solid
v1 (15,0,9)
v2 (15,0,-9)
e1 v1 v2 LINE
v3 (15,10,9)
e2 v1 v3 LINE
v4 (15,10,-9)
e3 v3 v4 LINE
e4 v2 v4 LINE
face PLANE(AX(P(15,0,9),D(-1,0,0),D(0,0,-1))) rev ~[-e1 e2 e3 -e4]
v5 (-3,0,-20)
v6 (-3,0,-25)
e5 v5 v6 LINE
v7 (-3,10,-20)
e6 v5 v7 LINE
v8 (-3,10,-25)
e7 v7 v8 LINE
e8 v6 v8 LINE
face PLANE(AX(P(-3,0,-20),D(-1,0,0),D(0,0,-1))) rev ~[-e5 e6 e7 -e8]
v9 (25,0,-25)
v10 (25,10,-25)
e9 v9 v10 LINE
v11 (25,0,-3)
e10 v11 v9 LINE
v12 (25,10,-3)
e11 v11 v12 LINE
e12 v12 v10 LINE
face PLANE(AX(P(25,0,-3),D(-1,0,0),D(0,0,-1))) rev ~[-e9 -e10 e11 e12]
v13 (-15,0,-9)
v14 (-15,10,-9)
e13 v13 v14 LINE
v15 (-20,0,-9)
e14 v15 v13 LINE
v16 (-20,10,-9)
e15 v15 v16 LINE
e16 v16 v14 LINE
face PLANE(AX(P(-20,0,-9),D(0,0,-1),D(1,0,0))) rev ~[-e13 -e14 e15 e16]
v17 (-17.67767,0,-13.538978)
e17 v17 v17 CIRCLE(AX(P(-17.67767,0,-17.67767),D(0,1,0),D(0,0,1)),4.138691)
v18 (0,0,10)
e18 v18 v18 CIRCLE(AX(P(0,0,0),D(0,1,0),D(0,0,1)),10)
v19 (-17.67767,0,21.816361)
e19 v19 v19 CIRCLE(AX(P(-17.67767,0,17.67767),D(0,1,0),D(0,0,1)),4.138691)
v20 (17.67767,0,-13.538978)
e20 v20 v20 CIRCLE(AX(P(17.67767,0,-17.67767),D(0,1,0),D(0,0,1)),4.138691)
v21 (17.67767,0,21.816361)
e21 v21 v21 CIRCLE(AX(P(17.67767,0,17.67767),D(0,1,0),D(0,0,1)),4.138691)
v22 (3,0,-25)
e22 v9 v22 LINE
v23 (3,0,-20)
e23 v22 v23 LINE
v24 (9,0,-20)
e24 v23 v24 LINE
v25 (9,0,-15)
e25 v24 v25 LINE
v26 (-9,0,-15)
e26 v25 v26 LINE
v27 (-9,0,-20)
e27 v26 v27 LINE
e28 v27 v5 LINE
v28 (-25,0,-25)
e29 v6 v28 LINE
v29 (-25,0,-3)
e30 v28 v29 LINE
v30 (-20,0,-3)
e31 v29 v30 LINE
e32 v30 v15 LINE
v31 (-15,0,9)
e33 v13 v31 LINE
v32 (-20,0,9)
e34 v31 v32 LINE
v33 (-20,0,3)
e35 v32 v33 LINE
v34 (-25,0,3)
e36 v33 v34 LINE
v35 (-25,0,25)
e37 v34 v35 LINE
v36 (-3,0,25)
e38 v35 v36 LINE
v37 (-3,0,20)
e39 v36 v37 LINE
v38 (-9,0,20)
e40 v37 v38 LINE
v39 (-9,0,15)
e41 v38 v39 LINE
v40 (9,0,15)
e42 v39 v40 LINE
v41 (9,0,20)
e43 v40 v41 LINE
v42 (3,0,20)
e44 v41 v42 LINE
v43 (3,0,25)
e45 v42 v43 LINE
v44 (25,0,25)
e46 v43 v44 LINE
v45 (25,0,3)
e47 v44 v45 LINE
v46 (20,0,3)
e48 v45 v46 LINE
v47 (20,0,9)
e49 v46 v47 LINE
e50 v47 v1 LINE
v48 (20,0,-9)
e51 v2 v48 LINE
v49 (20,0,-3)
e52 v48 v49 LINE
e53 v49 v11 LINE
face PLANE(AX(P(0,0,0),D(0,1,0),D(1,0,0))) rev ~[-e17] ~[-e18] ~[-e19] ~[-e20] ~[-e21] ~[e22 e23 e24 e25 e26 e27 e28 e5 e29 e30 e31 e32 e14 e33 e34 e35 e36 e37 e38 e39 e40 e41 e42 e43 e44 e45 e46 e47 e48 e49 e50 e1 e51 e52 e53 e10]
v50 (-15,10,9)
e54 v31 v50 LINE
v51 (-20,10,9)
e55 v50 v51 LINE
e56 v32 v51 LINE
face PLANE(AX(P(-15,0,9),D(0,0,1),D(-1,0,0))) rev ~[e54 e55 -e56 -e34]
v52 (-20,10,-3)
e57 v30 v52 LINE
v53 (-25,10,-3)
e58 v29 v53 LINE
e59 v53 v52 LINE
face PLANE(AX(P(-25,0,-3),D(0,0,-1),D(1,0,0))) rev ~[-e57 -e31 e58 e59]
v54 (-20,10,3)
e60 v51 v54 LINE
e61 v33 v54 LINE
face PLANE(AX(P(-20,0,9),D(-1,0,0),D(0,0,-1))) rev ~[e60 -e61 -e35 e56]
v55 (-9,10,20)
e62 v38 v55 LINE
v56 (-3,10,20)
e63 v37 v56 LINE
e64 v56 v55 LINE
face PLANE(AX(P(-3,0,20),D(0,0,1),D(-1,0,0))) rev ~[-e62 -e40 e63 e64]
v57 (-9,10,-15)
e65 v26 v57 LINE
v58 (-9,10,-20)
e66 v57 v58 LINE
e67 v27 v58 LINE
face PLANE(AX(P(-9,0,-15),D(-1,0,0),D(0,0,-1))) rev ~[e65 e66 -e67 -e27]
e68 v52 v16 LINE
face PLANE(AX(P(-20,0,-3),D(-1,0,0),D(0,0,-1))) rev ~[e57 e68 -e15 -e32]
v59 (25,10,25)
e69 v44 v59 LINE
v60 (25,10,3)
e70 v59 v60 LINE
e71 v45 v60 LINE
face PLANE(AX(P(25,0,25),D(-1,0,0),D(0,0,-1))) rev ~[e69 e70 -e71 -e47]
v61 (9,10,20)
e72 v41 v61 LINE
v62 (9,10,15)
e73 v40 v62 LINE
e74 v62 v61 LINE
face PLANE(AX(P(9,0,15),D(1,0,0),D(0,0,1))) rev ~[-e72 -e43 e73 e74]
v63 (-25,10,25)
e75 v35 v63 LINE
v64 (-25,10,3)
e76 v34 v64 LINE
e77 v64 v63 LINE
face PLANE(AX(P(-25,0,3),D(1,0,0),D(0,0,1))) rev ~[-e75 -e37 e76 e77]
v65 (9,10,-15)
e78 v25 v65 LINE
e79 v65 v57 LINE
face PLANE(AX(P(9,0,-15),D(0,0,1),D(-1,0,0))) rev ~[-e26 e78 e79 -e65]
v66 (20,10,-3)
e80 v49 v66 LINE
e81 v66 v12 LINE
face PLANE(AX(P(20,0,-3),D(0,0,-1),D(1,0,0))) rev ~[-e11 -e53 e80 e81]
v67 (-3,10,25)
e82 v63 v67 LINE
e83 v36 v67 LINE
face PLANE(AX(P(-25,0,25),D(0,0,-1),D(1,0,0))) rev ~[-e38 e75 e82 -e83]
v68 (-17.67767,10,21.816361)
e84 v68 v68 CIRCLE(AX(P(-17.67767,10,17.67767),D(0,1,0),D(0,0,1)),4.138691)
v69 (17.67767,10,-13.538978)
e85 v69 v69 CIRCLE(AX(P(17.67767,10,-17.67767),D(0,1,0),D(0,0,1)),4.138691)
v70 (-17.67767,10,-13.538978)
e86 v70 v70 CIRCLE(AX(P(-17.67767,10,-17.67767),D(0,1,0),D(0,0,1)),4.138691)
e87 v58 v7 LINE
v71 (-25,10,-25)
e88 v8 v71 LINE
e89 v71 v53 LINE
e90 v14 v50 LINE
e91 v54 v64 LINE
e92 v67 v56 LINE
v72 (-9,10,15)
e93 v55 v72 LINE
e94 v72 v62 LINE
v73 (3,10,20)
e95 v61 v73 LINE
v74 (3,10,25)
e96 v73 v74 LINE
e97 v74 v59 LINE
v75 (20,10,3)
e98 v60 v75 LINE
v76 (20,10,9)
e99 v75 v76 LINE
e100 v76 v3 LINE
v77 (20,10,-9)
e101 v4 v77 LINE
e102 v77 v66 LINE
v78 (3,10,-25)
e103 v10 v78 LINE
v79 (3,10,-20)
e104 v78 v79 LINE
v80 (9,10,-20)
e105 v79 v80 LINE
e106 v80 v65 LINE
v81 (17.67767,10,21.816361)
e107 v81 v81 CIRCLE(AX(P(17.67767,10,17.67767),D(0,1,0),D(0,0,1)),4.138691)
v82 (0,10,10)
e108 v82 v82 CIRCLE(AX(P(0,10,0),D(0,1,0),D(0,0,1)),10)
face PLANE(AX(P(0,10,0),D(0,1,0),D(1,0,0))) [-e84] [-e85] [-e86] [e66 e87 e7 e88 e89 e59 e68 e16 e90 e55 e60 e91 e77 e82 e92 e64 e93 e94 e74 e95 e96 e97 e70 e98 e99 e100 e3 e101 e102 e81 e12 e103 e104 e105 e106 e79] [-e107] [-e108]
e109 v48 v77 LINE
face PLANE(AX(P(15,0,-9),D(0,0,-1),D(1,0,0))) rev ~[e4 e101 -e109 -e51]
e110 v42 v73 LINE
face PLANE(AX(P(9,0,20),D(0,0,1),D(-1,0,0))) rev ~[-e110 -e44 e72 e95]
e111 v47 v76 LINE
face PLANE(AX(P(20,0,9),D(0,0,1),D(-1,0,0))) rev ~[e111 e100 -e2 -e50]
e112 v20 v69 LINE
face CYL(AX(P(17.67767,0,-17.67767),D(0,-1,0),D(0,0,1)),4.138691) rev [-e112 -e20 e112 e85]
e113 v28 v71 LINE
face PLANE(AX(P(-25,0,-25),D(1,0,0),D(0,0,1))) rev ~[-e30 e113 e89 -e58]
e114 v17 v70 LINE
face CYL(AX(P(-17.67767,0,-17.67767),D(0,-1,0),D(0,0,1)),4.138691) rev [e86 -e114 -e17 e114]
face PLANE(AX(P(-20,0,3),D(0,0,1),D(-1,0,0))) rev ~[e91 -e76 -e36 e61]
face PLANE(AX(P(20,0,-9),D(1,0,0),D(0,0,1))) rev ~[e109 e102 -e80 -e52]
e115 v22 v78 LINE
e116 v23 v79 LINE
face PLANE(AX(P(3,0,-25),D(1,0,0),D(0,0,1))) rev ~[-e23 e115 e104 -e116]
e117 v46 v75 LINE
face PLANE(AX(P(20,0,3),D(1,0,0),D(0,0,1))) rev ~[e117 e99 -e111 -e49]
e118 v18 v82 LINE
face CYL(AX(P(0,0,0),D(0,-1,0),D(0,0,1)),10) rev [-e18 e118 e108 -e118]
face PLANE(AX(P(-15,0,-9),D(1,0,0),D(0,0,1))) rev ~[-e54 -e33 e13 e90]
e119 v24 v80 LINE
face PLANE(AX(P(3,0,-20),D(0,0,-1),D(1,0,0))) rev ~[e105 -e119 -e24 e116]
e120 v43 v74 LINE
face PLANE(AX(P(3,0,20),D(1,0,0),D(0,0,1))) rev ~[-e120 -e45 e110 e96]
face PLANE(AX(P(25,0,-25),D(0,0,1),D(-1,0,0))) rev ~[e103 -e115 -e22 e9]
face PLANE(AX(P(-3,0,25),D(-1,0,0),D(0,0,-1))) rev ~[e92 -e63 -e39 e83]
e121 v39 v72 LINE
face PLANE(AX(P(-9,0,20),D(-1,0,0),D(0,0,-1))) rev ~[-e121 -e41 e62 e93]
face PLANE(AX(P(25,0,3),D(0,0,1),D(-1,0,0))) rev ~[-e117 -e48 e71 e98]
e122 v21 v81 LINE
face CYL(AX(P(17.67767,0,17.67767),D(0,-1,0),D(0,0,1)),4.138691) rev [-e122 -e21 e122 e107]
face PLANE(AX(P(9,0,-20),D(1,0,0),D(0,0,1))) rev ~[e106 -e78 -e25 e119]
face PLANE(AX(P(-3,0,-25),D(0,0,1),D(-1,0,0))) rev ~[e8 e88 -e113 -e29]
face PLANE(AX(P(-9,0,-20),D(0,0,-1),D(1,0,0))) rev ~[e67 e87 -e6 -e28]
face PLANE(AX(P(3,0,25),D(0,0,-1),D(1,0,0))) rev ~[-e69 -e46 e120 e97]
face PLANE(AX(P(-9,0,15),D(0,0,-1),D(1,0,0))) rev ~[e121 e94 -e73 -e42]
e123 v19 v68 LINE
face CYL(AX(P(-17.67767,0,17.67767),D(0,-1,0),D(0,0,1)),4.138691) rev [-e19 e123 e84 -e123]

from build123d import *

# Parameters (mm, degrees)
SKETCH1_R           = 10
SKETCH1_R_2         = 4.138691164
BOSS_EXTRUDE1_DEPTH = 10


with BuildPart() as part:
    # Sketch1 → Boss-Extrude1 (new body)
    with BuildSketch(Plane(origin=(0, 0, 0), x_dir=(1, 0, 0), z_dir=(0, 1, 0))):
        Polygon((-25, -3), (-25, -25), (-3, -25), (-3, -20), (-9, -20), (-9, -15), (9, -15), (9, -20), (3, -20), (3, -25), (25, -25), (25, -3), (20, -3), (20, -9), (15, -9), (15, 9), (20, 9), (20, 3), (25, 3), (25, 25), (3, 25), (3, 20), (9, 20), (9, 15), (-9, 15), (-9, 20), (-3, 20), (-3, 25), (-25, 25), (-25, 3), (-20, 3), (-20, 9), (-15, 9), (-15, -9), (-20, -9), (-20, -3), align=None)
        with Locations(Location((0, 0, 0), (0, 0, 270))):
            Circle(SKETCH1_R, mode=Mode.SUBTRACT)
        with Locations(Location((-17.67766953, 17.67766953, 0), (0, 0, 270))):
            Circle(SKETCH1_R_2, mode=Mode.SUBTRACT)
        with Locations(Location((17.67766953, 17.67766953, 0), (0, 0, 270))):
            Circle(SKETCH1_R_2, mode=Mode.SUBTRACT)
        with Locations(Location((17.67766953, -17.67766953, 0), (0, 0, 270))):
            Circle(SKETCH1_R_2, mode=Mode.SUBTRACT)
        with Locations(Location((-17.67766953, -17.67766953, 0), (0, 0, 270))):
            Circle(SKETCH1_R_2, mode=Mode.SUBTRACT)
    extrude(amount=BOSS_EXTRUDE1_DEPTH)


solid = part.part
